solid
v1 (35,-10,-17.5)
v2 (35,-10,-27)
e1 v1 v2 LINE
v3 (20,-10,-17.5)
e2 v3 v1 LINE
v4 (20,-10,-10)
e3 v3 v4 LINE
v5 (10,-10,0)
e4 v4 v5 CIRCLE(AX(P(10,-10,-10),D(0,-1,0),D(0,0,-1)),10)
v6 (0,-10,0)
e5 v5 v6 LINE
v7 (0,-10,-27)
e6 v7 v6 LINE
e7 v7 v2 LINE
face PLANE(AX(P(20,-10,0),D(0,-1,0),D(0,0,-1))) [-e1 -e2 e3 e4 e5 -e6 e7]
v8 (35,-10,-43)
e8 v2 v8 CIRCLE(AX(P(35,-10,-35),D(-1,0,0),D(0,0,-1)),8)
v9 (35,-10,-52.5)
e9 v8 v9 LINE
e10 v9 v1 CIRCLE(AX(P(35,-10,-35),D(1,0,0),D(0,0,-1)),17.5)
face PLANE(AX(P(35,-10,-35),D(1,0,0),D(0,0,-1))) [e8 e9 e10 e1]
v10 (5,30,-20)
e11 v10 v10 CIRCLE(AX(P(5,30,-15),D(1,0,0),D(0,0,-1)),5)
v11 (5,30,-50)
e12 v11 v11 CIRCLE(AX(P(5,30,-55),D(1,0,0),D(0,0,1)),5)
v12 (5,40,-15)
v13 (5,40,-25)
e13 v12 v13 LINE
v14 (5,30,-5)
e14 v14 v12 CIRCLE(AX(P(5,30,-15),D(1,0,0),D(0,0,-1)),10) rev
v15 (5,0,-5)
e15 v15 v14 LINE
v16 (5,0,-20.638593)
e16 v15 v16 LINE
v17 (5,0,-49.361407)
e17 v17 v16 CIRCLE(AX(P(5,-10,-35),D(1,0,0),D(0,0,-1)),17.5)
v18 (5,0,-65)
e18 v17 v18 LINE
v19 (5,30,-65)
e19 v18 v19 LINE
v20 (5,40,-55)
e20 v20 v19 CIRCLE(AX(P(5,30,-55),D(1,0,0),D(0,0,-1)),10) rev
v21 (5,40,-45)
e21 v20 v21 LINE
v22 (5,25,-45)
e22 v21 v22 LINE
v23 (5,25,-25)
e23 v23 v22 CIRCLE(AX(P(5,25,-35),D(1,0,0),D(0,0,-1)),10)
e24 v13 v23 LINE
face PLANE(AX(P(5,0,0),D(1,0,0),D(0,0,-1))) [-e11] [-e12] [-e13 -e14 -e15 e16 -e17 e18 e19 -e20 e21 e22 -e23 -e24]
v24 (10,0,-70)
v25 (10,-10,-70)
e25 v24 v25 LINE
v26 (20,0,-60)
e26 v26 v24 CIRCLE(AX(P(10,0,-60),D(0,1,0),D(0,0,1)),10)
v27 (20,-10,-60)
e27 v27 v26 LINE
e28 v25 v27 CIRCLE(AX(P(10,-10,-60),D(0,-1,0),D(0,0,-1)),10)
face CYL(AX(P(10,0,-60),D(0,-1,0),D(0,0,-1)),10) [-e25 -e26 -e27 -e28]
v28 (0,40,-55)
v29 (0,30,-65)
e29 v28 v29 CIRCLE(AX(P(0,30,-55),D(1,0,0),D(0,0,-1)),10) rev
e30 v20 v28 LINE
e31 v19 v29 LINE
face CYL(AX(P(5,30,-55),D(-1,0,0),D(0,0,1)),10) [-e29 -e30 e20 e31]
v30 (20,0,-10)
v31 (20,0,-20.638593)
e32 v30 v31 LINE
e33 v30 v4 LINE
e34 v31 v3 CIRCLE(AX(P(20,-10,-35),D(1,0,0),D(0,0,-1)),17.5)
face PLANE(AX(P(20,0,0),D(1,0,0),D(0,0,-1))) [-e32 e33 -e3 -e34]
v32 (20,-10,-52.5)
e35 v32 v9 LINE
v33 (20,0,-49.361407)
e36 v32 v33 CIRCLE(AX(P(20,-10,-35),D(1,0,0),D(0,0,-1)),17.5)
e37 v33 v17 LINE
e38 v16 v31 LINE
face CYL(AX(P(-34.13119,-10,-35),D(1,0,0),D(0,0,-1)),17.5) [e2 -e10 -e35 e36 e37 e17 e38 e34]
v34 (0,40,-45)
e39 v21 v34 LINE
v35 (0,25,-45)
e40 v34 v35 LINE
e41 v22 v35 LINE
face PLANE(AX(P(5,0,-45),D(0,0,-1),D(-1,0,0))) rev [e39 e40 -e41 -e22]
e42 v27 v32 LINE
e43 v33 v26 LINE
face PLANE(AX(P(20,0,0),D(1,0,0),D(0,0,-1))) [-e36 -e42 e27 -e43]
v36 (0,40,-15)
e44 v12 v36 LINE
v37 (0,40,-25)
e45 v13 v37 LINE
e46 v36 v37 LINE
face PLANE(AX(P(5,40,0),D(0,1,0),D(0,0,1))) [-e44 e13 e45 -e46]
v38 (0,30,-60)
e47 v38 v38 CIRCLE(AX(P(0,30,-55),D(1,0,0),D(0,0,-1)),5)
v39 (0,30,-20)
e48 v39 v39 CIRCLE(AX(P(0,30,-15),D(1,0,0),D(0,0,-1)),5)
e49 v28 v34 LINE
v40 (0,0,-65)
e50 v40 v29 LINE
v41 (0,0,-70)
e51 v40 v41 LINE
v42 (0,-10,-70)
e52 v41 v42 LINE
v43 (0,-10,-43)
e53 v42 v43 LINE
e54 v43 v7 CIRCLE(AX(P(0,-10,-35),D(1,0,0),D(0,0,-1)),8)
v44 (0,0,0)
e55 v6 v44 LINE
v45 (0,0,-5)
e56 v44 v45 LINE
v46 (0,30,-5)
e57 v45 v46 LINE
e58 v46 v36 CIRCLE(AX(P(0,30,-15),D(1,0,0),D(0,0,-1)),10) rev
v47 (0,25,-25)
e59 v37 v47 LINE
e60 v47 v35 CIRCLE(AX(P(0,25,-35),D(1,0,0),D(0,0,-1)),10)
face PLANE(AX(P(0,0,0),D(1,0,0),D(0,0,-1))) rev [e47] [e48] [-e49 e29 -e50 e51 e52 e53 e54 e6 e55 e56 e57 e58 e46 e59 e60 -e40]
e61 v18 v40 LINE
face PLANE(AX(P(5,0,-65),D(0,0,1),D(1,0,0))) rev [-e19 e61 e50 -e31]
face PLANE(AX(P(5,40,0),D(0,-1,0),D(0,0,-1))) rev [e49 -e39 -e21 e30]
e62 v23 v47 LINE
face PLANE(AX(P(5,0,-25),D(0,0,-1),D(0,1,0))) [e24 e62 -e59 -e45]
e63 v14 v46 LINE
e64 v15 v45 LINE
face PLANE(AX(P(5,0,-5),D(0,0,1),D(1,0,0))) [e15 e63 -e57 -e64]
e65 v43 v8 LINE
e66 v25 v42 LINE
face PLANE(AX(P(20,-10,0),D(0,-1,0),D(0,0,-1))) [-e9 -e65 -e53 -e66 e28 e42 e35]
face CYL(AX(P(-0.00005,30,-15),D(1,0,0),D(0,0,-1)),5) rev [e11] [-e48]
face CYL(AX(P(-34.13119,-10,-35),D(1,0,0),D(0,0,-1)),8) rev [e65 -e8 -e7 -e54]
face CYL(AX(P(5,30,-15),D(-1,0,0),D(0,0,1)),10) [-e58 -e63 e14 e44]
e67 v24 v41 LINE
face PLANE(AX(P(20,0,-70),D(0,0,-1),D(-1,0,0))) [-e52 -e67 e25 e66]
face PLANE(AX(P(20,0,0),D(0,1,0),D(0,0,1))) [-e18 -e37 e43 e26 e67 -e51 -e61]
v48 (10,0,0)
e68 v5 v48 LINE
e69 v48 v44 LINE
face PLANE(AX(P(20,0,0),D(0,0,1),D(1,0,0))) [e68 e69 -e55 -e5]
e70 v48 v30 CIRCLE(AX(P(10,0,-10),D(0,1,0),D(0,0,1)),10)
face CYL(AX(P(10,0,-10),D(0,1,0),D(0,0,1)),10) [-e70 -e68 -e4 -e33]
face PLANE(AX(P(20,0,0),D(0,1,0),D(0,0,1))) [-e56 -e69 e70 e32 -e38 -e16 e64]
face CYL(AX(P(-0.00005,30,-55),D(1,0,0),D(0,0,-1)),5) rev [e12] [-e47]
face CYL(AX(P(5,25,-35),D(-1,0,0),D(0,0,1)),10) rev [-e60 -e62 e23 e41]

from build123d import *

# Parameters (mm, degrees)
EXTRUDE_1_DEPTH     = 20
EXTRUDE_2_DEPTH     = 5
FILLET_1_R          = 10
SKETCH_2_R          = 5
CUT_EXTRUDE_1_DEPTH = 83.006097334
EXTRUDE_5_REACH     = 120.066
EXTRUDE_START       = 35
SKETCH_5_R          = 8
CUT_EXTRUDE_2_DEPTH = 84.066238629


with BuildPart() as part:
    # 草圖1 → 填料-伸長1 (new body)
    with BuildSketch(Plane(origin=(0, 0, 0), x_dir=(0, 0, -1), z_dir=(1, 0, 0))):
        Polygon((5, 0), (0, 0), (0, -10), (35, -10), (35, 0), align=None)
        Polygon((65, 0), (35, 0), (35, -10), (70, -10), (70, 0), align=None)
    extrude(amount=EXTRUDE_1_DEPTH)

    # 草圖1<3> → 填料-伸長2 (add)
    with BuildSketch(Plane(origin=(0, 0, 0), x_dir=(0, 0, -1), z_dir=(1, 0, 0))):
        with BuildLine():
            Line((5, 30), (5, 0))
            Line((5, 0), (35, 0))
            Line((35, 0), (35, 15))
            ThreePointArc((35, 15), (27.928932188, 17.928932188), (25, 25))
            Line((25, 25), (25, 40))
            Line((25, 40), (15, 40))
            ThreePointArc((15, 40), (7.928932188, 37.071067812), (5, 30))
        make_face()
        with BuildLine():
            Line((35, 15), (35, 0))
            Line((35, 0), (65, 0))
            Line((65, 0), (65, 30))
            ThreePointArc((65, 30), (62.071067812, 37.071067812), (55, 40))
            Line((55, 40), (45, 40))
            Line((45, 40), (45, 25))
            ThreePointArc((45, 25), (42.071067812, 17.928932188), (35, 15))
        make_face()
    extrude(amount=EXTRUDE_2_DEPTH)

    # 圓角1
    fillet_1_edges = [part.edges().sort_by_distance(p)[0] for p in [
        (20, -5, 0),
        (20, -5, -70),
    ]]
    fillet(fillet_1_edges, radius=FILLET_1_R)

    # 草圖2 → 除料-伸長1 (cut, through all)
    with BuildSketch(Plane(origin=(5, 0, 0), x_dir=(0, 0, -1), z_dir=(1, 0, 0))):
        with Locations((15, 30)):
            Circle(SKETCH_2_R)
        with Locations((55, 30)):
            Circle(SKETCH_2_R)
    extrude(amount=-CUT_EXTRUDE_1_DEPTH, mode=Mode.SUBTRACT)

    # 填料-伸長5: up to this face of the body (flat: up to its plane)
    extrude_5_end = Plane(part.part.faces().sort_by_distance((5, 32.5, -24.278889745))[0])
    # 草圖3 → 填料-伸長5 (add, up to the picked face)
    with BuildSketch(Plane(origin=(0, 0, 0), x_dir=(0, 0, -1), z_dir=(1, 0, 0)).offset(EXTRUDE_START), mode=Mode.PRIVATE) as extrude_5_sk1:
        with BuildLine():
            Line((17.5, -10), (27, -10))
            ThreePointArc((27, -10), (35, -2), (43, -10))
            Line((43, -10), (52.5, -10))
            ThreePointArc((52.5, -10), (35, 7.5), (17.5, -10))
        make_face()
    extrude_5_tool1 = split(extrude(extrude_5_sk1.sketch, amount=-EXTRUDE_5_REACH, mode=Mode.PRIVATE), bisect_by=extrude_5_end, keep=Keep.BOTH, mode=Mode.PRIVATE)
    add(extrude_5_tool1.solids().sort_by(Axis((35, -1.507575, -35), (-1, 0, 0)))[0])

    # 草圖5 → 除料-伸長2 (cut, through all)
    with BuildSketch(Plane(origin=(20, 0, 0), x_dir=(0, 0, -1), z_dir=(1, 0, 0))):
        with Locations((35, -10)):
            Circle(SKETCH_5_R)
    extrude(amount=-CUT_EXTRUDE_2_DEPTH, mode=Mode.SUBTRACT)


solid = part.part
